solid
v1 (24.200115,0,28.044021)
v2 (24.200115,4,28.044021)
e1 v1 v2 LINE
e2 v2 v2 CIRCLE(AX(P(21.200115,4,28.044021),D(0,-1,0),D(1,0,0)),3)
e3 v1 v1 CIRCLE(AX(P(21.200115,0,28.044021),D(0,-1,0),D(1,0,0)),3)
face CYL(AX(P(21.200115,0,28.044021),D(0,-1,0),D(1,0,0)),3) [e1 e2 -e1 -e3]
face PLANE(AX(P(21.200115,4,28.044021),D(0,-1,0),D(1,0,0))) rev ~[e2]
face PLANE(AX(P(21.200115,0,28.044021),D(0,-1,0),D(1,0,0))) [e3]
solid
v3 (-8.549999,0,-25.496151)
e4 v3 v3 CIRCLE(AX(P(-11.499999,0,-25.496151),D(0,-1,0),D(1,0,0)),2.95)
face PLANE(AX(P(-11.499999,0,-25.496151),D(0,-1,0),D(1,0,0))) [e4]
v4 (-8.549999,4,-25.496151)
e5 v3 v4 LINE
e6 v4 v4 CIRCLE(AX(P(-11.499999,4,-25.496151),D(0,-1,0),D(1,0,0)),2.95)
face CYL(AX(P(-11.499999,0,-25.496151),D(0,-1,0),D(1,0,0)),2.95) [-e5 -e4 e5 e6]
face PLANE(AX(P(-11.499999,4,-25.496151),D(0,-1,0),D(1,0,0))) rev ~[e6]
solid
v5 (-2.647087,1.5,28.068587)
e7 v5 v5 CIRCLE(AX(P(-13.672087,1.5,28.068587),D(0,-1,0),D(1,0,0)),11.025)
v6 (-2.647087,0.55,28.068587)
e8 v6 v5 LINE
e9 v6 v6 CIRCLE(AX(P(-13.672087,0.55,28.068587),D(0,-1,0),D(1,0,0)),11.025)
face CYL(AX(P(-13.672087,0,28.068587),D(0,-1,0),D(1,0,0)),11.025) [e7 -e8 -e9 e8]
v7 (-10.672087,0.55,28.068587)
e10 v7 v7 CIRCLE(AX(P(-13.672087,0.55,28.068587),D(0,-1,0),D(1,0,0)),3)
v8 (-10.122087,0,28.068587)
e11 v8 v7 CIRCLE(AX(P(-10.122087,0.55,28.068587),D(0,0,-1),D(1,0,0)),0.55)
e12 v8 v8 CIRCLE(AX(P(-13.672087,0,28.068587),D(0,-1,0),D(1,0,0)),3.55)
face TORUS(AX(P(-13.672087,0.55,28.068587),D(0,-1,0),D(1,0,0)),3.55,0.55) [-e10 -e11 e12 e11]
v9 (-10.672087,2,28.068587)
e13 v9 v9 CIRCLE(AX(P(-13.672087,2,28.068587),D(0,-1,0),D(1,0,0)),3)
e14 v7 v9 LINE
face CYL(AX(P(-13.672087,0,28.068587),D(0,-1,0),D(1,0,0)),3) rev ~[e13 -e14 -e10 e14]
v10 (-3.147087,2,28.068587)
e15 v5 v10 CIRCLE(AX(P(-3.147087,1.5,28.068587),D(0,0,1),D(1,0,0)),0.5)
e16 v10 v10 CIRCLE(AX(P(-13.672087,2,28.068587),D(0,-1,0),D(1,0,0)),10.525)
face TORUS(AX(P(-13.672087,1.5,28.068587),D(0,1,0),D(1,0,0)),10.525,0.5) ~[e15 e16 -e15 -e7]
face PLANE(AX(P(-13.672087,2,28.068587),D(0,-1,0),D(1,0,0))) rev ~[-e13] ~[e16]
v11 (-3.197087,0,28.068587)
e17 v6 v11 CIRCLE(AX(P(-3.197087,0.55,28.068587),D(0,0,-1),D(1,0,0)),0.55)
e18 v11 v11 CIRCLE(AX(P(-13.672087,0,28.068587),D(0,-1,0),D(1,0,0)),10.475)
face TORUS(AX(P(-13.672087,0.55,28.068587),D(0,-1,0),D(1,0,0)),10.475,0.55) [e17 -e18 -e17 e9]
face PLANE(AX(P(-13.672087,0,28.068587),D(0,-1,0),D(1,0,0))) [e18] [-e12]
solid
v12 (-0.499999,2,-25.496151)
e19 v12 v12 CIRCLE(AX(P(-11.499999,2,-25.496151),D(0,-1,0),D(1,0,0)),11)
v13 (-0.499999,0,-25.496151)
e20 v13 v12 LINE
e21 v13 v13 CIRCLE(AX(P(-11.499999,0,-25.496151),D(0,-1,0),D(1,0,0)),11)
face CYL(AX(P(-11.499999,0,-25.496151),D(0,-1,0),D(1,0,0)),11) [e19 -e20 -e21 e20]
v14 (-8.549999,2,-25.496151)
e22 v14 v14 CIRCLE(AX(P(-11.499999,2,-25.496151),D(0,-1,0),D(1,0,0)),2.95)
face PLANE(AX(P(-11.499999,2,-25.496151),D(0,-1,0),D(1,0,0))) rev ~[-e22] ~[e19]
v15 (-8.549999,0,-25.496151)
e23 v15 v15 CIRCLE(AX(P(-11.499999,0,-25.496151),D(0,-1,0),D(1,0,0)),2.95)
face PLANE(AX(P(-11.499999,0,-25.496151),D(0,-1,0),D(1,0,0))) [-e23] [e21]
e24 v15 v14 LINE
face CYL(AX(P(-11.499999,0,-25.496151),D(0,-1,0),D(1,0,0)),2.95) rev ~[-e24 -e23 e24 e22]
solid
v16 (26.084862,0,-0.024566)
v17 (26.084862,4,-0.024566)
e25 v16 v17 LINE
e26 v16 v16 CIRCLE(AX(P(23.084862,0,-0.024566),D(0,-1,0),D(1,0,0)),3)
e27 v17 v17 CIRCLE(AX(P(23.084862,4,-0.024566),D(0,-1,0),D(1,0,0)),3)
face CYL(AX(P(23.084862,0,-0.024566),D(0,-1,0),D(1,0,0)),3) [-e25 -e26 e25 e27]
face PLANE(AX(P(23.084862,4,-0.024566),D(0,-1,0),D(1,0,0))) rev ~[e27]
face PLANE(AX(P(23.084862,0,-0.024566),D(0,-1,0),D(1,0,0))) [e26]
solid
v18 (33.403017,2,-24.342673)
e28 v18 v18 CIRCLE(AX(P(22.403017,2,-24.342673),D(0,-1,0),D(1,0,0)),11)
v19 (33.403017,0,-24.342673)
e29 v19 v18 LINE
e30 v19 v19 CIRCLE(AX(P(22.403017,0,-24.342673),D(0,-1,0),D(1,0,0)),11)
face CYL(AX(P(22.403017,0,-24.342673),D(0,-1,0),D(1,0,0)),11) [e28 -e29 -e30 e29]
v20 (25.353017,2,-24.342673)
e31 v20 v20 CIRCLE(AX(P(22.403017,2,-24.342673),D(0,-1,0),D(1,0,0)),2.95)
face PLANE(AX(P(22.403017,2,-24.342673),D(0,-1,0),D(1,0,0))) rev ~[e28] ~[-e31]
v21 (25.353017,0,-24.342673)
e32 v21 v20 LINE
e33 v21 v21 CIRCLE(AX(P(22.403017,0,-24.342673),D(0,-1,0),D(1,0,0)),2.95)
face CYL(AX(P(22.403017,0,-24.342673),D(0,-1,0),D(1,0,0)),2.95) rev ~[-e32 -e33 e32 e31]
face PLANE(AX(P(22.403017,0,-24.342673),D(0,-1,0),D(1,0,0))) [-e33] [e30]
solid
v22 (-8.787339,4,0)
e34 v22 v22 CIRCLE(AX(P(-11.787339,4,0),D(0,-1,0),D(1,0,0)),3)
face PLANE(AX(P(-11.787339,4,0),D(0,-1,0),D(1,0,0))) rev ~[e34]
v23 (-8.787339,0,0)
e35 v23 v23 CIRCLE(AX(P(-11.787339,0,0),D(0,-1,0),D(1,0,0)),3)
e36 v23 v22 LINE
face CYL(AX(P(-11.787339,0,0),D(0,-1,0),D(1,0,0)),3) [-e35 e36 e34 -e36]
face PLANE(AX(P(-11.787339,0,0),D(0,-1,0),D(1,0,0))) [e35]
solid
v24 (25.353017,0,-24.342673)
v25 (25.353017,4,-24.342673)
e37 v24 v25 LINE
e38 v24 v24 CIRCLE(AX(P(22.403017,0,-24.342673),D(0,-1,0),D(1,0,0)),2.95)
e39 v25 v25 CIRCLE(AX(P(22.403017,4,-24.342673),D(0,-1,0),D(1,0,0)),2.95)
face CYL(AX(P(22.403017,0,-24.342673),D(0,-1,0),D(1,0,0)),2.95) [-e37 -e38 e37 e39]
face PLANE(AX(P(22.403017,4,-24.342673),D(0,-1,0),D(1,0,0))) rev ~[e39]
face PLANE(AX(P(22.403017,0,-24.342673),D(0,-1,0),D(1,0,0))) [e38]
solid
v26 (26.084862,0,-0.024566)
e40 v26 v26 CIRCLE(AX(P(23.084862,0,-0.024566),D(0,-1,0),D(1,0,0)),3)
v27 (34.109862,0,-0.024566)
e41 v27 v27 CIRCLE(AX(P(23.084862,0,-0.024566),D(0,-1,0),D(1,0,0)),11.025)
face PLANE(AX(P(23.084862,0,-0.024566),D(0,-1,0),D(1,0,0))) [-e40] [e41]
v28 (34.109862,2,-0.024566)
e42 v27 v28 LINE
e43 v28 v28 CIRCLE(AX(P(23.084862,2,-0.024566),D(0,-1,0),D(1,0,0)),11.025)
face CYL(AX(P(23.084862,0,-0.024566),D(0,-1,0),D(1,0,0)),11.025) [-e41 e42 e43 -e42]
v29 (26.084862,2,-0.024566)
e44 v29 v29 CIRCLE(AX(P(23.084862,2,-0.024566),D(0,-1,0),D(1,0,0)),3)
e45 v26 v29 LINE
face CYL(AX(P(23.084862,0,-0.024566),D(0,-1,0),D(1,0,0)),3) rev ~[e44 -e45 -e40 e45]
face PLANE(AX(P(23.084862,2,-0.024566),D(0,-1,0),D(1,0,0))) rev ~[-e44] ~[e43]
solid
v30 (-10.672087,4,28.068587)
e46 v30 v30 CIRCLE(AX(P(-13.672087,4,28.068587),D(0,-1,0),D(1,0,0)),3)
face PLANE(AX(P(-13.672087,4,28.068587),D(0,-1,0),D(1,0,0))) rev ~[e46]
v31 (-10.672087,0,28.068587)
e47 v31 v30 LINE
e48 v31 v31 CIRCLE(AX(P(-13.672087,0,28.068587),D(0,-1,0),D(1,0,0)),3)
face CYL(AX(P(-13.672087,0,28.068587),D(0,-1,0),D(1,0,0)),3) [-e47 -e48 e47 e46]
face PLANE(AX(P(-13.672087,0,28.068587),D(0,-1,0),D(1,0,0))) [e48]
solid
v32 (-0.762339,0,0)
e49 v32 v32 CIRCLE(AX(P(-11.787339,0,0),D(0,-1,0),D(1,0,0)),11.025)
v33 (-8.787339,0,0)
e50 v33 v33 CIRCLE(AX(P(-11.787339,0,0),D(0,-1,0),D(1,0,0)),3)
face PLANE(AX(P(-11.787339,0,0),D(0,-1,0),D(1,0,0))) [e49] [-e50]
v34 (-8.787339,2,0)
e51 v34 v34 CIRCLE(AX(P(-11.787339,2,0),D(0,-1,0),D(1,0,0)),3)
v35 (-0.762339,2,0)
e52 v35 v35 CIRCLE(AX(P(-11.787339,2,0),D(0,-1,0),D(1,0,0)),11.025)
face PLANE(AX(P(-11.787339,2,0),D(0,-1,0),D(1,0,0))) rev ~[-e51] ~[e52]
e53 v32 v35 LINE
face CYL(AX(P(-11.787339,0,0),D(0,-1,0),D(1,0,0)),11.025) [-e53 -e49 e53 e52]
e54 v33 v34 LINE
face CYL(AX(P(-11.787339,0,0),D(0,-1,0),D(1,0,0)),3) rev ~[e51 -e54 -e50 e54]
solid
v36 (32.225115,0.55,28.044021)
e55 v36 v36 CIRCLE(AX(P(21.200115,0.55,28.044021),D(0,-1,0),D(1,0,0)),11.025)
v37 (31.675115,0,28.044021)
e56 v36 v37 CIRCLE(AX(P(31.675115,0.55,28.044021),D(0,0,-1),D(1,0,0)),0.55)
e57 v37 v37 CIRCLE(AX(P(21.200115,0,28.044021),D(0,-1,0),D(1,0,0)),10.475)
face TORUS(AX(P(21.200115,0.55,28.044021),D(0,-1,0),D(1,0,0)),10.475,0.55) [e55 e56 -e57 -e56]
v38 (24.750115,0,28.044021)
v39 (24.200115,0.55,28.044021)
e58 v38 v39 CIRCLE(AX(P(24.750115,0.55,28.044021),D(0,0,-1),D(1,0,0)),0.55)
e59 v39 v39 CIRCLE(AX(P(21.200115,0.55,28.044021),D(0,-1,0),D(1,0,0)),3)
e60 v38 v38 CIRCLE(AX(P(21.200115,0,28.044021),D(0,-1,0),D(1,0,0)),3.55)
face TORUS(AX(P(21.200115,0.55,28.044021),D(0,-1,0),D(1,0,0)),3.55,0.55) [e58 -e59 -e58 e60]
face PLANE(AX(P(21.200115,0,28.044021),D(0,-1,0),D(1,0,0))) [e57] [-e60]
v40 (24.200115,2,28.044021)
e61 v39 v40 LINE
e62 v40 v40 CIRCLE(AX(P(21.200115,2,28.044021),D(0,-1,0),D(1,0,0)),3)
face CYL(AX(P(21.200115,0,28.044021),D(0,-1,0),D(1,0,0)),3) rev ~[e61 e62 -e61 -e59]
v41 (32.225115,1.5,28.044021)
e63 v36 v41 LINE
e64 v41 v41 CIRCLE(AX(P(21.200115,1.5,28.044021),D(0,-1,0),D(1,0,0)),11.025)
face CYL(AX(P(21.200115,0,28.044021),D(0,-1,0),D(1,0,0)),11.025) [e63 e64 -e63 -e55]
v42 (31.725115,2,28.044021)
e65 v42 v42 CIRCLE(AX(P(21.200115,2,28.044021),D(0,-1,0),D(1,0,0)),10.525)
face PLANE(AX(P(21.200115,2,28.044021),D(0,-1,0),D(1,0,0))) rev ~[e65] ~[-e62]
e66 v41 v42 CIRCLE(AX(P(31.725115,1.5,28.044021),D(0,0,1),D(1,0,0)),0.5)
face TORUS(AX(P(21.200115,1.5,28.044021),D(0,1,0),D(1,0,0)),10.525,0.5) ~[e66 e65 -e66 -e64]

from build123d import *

# Parameters (mm, degrees)
F0_R     = 11.025
F0_R_2   = 3
F1_DEPTH = 2
F2_R     = 0.5
F3_DEPTH = 4
F4_R     = 0.55
F5_DEPTH = 2
F6_DEPTH = 4
F7_R     = 11
F7_R_2   = 2.95
F8_DEPTH = 2
F9_DEPTH = 4


with BuildPart() as f1:
    # F0 (on Front) → F1 (new body)
    with BuildSketch(Plane.XZ):
        with Locations((21.200115, 28.044021)):
            Circle(F0_R)
        with Locations((21.200115, 28.044021)):
            Circle(F0_R_2, mode=Mode.SUBTRACT)
        with Locations((-13.672087, 28.068587)):
            Circle(F0_R)
        with Locations((-13.672087, 28.068587)):
            Circle(F0_R_2, mode=Mode.SUBTRACT)
    extrude(amount=-F1_DEPTH)

    # F2
    f2_edges = [f1.edges().sort_by_distance(p)[0] for p in [
        (10.175115, 2, 28.044021),
        (-24.697087, 2, 28.068587),
    ]]
    fillet(f2_edges, radius=F2_R)

    # F4
    f4_edges = [f1.edges().sort_by_distance(p)[0] for p in [
        (-24.697087, 0, 28.068587),
        (-16.672087, 0, 28.068587),
        (10.175115, 0, 28.044021),
        (18.200115, 0, 28.044021),
    ]]
    fillet(f4_edges, radius=F4_R)


with BuildPart() as f3:
    # F0 (on Front) → F3 (new body)
    with BuildSketch(Plane.XZ):
        with Locations((-13.672087, 28.068587)):
            Circle(F0_R_2)
        with Locations((21.200115, 28.044021)):
            Circle(F0_R_2)
    extrude(amount=-F3_DEPTH)


with BuildPart() as f5:
    # F0 (on Front) → F5 (new body)
    with BuildSketch(Plane.XZ):
        with Locations((-11.787339, 0)):
            Circle(F0_R)
        with Locations((-11.787339, 0)):
            Circle(F0_R_2, mode=Mode.SUBTRACT)
        with Locations((23.084862, -0.024566)):
            Circle(F0_R)
        with Locations((23.084862, -0.024566)):
            Circle(F0_R_2, mode=Mode.SUBTRACT)
    extrude(amount=-F5_DEPTH)


with BuildPart() as f6:
    # F0 (on Front) → F6 (new body)
    with BuildSketch(Plane.XZ):
        with Locations((-11.787339, 0)):
            Circle(F0_R_2)
        with Locations((23.084862, -0.024566)):
            Circle(F0_R_2)
    extrude(amount=-F6_DEPTH)


with BuildPart() as f8:
    # F7 (on Front) → F8 (new body)
    with BuildSketch(Plane.XZ):
        with Locations((-11.499999, -25.496151)):
            Circle(F7_R)
        with Locations((-11.499999, -25.496151)):
            Circle(F7_R_2, mode=Mode.SUBTRACT)
        with Locations((22.403017, -24.342673)):
            Circle(F7_R)
        with Locations((22.403017, -24.342673)):
            Circle(F7_R_2, mode=Mode.SUBTRACT)
    extrude(amount=-F8_DEPTH)


with BuildPart() as f9:
    # F7 (on Front) → F9 (new body)
    with BuildSketch(Plane.XZ):
        with Locations((-11.499999, -25.496151)):
            Circle(F7_R_2)
        with Locations((22.403017, -24.342673)):
            Circle(F7_R_2)
    extrude(amount=-F9_DEPTH)


solid = Compound([f1.part, f3.part, f5.part, f6.part, f8.part, f9.part])
